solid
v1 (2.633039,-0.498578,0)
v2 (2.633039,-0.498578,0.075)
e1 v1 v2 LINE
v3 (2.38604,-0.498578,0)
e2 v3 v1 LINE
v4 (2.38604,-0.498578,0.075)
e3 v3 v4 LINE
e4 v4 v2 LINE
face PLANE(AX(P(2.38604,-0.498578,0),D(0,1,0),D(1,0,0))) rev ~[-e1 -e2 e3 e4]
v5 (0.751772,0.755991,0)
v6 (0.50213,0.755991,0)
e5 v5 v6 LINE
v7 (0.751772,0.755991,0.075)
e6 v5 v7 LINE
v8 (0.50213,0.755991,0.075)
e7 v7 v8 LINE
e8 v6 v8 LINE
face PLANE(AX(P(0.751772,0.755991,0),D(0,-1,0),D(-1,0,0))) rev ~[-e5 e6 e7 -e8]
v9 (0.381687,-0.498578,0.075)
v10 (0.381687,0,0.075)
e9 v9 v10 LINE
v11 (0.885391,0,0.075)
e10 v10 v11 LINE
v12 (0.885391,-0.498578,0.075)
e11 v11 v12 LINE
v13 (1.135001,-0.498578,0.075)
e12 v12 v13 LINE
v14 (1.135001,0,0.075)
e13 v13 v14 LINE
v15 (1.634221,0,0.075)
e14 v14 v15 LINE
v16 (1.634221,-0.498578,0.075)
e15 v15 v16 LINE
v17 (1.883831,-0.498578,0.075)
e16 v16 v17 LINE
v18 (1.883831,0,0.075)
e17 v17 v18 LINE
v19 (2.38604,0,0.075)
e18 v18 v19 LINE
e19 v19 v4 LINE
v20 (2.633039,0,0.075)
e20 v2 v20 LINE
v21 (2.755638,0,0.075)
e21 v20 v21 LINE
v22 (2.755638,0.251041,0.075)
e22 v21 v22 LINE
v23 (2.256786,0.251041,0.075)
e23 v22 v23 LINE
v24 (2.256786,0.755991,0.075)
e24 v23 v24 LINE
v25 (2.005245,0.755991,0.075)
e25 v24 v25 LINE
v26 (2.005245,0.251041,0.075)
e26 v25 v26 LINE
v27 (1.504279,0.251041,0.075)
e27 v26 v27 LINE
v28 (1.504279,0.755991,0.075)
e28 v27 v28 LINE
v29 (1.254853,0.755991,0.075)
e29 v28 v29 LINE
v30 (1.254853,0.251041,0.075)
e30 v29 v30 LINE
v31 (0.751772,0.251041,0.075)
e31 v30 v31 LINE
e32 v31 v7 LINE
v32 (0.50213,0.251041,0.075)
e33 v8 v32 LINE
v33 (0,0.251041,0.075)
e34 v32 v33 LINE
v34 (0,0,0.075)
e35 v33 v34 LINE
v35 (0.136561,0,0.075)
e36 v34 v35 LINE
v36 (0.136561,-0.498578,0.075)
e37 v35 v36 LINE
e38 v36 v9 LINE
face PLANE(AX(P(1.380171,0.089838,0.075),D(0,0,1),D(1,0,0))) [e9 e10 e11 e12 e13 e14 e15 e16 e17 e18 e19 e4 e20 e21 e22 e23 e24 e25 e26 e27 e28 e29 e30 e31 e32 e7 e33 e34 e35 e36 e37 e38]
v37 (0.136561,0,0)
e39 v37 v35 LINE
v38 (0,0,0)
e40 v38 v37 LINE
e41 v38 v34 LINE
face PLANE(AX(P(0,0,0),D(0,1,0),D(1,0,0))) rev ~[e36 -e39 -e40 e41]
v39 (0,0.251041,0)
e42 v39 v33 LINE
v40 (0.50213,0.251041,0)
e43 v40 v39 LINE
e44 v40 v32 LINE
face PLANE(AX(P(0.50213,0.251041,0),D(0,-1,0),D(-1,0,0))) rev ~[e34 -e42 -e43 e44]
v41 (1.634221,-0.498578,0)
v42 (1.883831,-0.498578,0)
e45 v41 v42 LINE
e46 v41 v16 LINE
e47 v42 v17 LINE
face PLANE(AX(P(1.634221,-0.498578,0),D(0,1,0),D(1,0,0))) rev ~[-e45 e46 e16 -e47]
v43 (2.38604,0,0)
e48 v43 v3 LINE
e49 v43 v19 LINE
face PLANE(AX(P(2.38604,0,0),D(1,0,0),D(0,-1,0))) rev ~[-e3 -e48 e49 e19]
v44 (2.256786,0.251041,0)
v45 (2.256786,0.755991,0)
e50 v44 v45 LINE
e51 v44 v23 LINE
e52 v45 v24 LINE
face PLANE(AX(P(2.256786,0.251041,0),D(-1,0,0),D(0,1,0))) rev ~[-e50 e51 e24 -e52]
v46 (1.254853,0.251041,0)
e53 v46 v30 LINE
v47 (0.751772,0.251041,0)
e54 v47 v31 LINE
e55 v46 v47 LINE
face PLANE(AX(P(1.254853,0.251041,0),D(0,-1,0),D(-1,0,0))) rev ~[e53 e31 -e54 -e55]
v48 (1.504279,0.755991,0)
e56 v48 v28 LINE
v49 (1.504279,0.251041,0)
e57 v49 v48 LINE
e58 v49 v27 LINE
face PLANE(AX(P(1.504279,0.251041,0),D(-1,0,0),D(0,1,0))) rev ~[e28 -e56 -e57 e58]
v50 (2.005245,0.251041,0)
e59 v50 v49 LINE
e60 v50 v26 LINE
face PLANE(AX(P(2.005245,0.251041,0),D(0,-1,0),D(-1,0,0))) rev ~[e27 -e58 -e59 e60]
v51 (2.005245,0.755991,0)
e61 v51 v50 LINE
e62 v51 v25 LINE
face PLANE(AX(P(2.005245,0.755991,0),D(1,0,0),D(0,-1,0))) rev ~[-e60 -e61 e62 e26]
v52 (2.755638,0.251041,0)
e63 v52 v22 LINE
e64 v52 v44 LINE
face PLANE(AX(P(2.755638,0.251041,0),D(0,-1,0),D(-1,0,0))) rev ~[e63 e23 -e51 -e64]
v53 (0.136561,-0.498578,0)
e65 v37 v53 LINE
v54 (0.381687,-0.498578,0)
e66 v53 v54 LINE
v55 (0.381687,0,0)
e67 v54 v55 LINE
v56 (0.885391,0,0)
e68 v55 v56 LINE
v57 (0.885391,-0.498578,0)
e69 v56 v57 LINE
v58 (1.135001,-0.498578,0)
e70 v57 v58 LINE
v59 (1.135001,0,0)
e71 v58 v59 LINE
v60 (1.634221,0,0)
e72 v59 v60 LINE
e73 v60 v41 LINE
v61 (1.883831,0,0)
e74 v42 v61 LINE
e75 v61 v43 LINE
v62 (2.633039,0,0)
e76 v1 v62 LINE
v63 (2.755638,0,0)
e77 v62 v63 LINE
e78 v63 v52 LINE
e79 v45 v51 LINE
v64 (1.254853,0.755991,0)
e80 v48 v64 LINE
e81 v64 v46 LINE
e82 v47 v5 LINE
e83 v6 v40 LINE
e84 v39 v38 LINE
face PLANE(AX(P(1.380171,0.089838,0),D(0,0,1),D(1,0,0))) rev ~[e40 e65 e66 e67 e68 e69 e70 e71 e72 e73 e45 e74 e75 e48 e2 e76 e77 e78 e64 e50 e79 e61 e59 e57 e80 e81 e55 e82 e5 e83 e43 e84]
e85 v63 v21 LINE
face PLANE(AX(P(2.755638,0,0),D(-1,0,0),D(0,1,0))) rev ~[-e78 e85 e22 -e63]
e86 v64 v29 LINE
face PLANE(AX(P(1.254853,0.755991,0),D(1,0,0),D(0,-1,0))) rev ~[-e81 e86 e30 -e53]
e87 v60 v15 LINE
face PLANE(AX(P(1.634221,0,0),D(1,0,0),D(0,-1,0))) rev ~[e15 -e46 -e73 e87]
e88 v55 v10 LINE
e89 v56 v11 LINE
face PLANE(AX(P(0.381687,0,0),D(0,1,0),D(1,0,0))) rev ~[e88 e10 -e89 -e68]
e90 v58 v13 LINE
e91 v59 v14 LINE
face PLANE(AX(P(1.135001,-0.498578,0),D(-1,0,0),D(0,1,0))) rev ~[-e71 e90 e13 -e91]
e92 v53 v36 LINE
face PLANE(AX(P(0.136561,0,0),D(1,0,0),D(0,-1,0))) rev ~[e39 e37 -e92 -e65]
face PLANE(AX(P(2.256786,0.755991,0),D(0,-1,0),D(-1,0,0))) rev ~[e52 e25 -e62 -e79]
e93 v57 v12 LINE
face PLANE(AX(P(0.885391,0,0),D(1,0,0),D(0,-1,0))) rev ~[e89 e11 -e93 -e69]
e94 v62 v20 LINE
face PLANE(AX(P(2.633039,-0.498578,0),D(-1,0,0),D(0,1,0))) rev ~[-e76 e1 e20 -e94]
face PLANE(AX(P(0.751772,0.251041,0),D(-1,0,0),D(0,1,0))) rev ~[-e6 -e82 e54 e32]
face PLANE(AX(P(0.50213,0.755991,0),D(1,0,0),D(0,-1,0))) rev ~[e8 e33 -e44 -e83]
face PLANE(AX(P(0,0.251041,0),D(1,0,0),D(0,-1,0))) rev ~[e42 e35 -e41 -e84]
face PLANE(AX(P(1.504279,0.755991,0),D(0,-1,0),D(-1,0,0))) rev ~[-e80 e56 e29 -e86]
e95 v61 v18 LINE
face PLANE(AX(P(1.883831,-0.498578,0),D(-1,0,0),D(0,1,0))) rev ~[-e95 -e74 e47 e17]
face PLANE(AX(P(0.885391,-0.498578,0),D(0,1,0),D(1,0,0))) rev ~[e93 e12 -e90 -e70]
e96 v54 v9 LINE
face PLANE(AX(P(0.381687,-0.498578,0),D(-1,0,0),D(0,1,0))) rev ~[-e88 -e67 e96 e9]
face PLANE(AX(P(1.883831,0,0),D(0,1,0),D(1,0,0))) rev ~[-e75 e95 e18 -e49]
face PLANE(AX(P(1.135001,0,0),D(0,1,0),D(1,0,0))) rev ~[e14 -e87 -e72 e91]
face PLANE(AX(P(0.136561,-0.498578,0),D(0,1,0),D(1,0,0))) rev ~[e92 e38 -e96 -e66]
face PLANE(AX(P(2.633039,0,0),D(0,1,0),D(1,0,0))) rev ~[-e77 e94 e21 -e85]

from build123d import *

# Parameters (mm, degrees)
F1_DEPTH = 0.075


with BuildPart() as f1:
    # F0 (on Top) → F1 (new body)
    with BuildSketch(Plane.XY):
        Polygon((0, 0.251041), (0, 0), (0.136561, 0), (0.136561, -0.498578), (0.381687, -0.498578), (0.381687, 0), (0.885391, 0), (0.885391, -0.498578), (1.135001, -0.498578), (1.135001, 0), (1.634221, 0), (1.634221, -0.498578), (1.883831, -0.498578), (1.883831, 0), (2.38604, 0), (2.38604, -0.498578), (2.633039, -0.498578), (2.633039, 0), (2.755638, 0), (2.755638, 0.251041), (2.256786, 0.251041), (2.256786, 0.755991), (2.005245, 0.755991), (2.005245, 0.251041), (1.504279, 0.251041), (1.504279, 0.755991), (1.254853, 0.755991), (1.254853, 0.251041), (0.751772, 0.251041), (0.751772, 0.755991), (0.50213, 0.755991), (0.50213, 0.251041), align=None)
    extrude(amount=F1_DEPTH)


solid = f1.part
